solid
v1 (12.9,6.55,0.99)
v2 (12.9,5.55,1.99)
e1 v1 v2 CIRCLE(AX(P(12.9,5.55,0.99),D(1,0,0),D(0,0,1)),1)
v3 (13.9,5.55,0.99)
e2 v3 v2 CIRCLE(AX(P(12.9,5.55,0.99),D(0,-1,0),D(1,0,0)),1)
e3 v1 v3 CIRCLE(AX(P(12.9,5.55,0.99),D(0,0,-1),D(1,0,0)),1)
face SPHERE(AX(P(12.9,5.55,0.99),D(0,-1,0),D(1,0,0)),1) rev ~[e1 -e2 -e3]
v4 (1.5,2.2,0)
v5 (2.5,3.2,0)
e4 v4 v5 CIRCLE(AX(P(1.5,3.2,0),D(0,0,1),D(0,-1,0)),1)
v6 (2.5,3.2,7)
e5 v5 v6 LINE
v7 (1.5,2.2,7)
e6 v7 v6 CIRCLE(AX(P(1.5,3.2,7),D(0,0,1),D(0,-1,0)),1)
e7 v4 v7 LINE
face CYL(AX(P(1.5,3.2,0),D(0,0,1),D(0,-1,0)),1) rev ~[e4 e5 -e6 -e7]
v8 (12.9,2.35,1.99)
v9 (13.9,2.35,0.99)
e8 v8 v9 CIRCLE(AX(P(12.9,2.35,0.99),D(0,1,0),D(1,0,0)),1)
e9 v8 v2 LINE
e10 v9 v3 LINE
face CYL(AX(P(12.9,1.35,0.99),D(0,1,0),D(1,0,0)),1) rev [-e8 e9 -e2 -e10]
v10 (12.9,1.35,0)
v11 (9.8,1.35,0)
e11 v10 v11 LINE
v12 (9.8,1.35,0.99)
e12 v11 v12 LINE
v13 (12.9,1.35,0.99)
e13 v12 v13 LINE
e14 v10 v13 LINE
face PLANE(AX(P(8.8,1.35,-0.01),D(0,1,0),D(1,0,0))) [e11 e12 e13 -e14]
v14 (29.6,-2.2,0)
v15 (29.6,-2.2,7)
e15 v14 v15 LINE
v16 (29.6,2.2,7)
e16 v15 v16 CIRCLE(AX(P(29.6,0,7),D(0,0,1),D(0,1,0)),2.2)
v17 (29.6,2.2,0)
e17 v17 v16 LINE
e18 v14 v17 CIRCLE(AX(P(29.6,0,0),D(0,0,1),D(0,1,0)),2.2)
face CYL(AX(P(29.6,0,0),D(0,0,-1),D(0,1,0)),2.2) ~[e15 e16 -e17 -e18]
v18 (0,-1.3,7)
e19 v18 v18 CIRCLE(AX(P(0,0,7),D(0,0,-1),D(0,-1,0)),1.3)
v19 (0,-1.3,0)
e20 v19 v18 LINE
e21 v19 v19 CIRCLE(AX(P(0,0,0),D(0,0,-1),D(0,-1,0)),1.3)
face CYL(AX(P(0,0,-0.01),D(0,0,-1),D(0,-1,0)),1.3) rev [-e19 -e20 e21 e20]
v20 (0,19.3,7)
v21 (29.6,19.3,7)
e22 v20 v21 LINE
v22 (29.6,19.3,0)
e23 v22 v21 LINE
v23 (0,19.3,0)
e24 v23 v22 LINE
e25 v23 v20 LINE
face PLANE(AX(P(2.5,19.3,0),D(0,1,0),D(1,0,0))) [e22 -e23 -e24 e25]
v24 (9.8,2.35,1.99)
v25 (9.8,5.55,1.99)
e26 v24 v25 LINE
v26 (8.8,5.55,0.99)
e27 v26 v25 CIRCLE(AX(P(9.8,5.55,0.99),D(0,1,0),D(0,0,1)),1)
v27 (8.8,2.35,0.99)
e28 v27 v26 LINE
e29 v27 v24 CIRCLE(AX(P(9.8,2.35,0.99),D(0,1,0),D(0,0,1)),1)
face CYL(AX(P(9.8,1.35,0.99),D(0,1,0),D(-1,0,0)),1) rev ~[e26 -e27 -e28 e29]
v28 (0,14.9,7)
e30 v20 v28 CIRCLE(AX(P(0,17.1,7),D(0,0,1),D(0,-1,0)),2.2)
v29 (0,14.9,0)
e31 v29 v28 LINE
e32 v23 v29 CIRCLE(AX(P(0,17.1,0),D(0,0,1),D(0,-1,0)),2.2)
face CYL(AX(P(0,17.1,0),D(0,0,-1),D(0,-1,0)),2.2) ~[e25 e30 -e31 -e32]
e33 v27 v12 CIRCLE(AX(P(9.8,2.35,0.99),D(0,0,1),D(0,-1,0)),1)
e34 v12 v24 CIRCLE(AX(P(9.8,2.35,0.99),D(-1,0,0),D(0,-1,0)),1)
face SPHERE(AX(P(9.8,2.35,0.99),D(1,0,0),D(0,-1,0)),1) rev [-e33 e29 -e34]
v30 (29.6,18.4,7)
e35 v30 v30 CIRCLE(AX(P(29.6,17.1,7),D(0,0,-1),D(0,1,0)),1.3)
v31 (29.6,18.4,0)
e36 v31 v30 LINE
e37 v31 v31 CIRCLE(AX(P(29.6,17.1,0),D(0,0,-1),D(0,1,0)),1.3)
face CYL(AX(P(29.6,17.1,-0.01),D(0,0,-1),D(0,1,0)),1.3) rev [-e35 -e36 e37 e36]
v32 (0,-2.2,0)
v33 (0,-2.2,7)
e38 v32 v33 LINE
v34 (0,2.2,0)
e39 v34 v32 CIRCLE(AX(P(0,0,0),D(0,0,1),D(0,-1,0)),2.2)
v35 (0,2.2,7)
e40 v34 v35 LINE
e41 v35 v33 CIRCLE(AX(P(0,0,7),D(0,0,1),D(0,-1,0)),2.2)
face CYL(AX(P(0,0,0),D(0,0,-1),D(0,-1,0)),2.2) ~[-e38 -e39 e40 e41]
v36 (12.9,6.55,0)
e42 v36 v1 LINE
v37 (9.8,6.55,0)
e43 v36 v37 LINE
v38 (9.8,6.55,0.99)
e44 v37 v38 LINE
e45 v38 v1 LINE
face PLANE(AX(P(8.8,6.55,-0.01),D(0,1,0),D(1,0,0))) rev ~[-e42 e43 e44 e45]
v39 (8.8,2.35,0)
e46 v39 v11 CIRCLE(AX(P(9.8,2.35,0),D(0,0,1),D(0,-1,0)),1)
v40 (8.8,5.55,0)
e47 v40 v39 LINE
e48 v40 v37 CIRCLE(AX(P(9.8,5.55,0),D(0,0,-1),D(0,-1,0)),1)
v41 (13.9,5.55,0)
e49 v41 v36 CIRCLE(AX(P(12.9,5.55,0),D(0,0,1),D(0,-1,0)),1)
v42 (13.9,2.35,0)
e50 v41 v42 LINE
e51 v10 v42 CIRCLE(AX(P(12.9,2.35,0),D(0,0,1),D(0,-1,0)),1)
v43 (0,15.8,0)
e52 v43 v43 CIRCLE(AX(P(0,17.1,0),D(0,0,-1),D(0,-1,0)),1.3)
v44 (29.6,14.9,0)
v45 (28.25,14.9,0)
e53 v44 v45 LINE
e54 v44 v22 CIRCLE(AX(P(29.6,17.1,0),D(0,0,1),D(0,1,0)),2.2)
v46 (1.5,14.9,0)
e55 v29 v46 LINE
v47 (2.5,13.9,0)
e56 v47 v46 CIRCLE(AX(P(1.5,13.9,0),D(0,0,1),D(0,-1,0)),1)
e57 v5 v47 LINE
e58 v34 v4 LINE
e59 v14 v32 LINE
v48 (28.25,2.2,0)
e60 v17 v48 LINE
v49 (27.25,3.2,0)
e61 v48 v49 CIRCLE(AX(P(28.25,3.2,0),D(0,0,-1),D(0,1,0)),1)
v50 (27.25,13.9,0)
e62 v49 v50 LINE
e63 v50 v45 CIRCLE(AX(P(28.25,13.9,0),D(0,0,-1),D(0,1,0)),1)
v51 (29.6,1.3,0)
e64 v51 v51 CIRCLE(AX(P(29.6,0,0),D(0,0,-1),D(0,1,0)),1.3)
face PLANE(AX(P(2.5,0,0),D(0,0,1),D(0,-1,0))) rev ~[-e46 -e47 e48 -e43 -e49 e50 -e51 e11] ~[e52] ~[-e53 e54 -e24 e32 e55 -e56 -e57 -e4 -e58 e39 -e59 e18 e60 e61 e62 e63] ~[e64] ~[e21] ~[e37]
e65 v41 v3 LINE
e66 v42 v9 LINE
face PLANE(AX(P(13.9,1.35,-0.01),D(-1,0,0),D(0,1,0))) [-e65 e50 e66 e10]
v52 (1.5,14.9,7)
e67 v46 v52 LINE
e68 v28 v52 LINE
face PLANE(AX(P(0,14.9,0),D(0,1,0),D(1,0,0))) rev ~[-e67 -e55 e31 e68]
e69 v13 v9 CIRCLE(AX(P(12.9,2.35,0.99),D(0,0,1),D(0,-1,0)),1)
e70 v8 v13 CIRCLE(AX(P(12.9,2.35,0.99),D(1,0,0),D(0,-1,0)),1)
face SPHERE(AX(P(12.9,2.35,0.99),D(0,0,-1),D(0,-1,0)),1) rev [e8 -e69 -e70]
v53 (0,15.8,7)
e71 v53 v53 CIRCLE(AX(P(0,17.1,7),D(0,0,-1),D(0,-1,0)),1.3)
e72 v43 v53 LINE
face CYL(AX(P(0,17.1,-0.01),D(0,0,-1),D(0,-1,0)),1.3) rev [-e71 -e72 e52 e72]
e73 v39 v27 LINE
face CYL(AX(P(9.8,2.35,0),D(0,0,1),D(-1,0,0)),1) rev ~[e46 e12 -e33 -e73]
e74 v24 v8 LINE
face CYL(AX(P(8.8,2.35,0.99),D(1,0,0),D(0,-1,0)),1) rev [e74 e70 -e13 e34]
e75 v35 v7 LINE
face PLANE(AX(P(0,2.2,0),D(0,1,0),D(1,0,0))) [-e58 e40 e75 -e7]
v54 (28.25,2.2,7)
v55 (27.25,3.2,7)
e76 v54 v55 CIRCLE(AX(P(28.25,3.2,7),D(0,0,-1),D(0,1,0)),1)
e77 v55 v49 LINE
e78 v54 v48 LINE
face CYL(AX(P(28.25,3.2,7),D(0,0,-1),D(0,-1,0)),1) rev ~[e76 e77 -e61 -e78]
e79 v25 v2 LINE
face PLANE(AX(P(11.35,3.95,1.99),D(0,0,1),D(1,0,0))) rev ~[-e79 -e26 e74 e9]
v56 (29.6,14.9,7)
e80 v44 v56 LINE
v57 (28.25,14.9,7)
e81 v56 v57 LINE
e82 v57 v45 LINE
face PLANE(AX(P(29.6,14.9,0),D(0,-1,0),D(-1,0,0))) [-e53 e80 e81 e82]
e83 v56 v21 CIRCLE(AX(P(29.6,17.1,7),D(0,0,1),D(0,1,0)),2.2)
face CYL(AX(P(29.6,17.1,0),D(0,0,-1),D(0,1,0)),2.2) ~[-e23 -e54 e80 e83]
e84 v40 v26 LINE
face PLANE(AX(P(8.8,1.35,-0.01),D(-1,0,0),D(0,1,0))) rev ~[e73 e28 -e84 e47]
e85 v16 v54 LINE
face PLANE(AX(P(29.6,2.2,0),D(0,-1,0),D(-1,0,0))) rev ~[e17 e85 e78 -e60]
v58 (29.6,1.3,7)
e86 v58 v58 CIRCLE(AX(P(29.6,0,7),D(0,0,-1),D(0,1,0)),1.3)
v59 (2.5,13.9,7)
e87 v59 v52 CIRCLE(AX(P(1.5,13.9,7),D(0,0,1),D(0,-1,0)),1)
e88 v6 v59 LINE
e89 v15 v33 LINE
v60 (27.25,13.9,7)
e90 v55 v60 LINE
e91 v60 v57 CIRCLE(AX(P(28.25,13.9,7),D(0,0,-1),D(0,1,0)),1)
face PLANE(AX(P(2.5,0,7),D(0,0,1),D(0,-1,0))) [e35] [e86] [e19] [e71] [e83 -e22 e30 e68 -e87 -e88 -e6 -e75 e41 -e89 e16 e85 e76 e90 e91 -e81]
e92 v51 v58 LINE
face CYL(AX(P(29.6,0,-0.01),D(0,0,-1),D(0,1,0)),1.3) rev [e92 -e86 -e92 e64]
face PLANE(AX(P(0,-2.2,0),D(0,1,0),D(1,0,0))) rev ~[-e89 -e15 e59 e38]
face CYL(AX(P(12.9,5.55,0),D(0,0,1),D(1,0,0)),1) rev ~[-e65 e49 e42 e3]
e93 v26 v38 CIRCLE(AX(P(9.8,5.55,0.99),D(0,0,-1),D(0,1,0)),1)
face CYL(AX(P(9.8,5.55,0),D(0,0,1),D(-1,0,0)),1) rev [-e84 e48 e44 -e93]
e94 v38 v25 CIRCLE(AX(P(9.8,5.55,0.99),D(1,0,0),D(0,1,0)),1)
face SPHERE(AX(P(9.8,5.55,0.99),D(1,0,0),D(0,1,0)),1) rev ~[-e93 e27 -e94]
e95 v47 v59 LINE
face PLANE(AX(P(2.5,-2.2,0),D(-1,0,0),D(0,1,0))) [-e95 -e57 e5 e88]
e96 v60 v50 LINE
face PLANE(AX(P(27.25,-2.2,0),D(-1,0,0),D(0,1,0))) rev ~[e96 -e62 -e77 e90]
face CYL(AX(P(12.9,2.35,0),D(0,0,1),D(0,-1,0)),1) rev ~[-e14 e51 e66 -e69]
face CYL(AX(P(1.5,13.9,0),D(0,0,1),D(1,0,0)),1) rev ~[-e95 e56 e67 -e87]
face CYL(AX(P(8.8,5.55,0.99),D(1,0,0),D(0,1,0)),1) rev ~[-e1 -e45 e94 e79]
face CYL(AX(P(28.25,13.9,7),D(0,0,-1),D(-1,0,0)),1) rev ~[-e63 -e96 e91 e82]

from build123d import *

# Parameters (mm, degrees)
CUBE005_W                     = 5.1
CUBE005_H                     = 5.2
CUBE005_DEPTH                 = 2
CYLINDER003_R                 = 1.3
CYLINDER003_DEPTH             = 7.1
CUBE001_W                     = 4.4
CUBE001_H                     = 5
CUBE001_DEPTH                 = 7
CYLINDER002_R                 = 2.2
CYLINDER002_DEPTH             = 7
DIFFERENCE001_PLACEMENT_ANGLE = 90
CYLINDER005_R                 = 1.3
CYLINDER005_DEPTH             = 7.1
CUBE002_W                     = 4.4
CUBE002_H                     = 5
CUBE002_DEPTH                 = 7
CYLINDER004_R                 = 2.2
CYLINDER004_DEPTH             = 7
DIFFERENCE002_PLACEMENT_ANGLE = 90
CYLINDER007_R                 = 1.3
CYLINDER007_DEPTH             = 7.1
CUBE003_W                     = 4.4
CUBE003_H                     = 5
CUBE003_DEPTH                 = 7
CYLINDER006_R                 = 2.2
CYLINDER006_DEPTH             = 7
DIFFERENCE003_PLACEMENT_ANGLE = 90
CUBE004_W                     = 24.75
CUBE004_H                     = 21.5
CUBE004_DEPTH                 = 7
CYLINDER001_R                 = 1.3
CYLINDER001_DEPTH             = 7.1
CUBE_W                        = 4.4
CUBE_H                        = 5
CUBE_DEPTH                    = 7
CYLINDER_R                    = 2.2
CYLINDER_DEPTH                = 7
DIFFERENCE_PLACEMENT_ANGLE    = 90
FILLET_R                      = 1


with BuildPart() as cube005:
    # cube005 → cube005 (new body)
    with BuildSketch(Plane(origin=(8.8, 1.35, -0.01), x_dir=(1, 0, 0), z_dir=(0, 0, 1))):
        with Locations((2.55, 2.6)):
            Rectangle(CUBE005_W, CUBE005_H)
    extrude(amount=CUBE005_DEPTH)


with BuildPart() as cylinder003:
    # cylinder003 → cylinder003 (new body)
    with BuildSketch(Plane.XY.offset(-0.01)):
        Circle(CYLINDER003_R)
    extrude(amount=CYLINDER003_DEPTH)


with BuildPart() as cube001:
    # cube001 → cube001 (new body)
    with BuildSketch(Plane(origin=(-2.2, 0, 0), x_dir=(1, 0, 0), z_dir=(0, 0, 1))):
        with Locations((2.2, 2.5)):
            Rectangle(CUBE001_W, CUBE001_H)
    extrude(amount=CUBE001_DEPTH)


with BuildPart() as difference001:
    # cylinder002 → cylinder002 (new body)
    with BuildSketch(Plane.XY):
        Circle(CYLINDER002_R)
    extrude(amount=CYLINDER002_DEPTH)

    # union001: union cube001
    add(cube001.part)

    # difference001: cut cylinder003
    add(cylinder003.part, mode=Mode.SUBTRACT)


with BuildPart() as difference001_1:
    # difference001 placement: moved
    add(difference001.part.moved(Location((29.6, 0, 0))).rotate(Axis((29.6, 0, 0), (0, 0, 1)), DIFFERENCE001_PLACEMENT_ANGLE))


with BuildPart() as cylinder005:
    # cylinder005 → cylinder005 (new body)
    with BuildSketch(Plane.XY.offset(-0.01)):
        Circle(CYLINDER005_R)
    extrude(amount=CYLINDER005_DEPTH)


with BuildPart() as cube002:
    # cube002 → cube002 (new body)
    with BuildSketch(Plane(origin=(-2.2, 0, 0), x_dir=(1, 0, 0), z_dir=(0, 0, 1))):
        with Locations((2.2, 2.5)):
            Rectangle(CUBE002_W, CUBE002_H)
    extrude(amount=CUBE002_DEPTH)


with BuildPart() as difference002:
    # cylinder004 → cylinder004 (new body)
    with BuildSketch(Plane.XY):
        Circle(CYLINDER004_R)
    extrude(amount=CYLINDER004_DEPTH)

    # union002: union cube002
    add(cube002.part)

    # difference002: cut cylinder005
    add(cylinder005.part, mode=Mode.SUBTRACT)


with BuildPart() as difference002_1:
    # difference002 placement: moved
    add(difference002.part.moved(Location((29.6, 17.1, 0))).rotate(Axis((29.6, 17.1, 0), (0, 0, 1)), DIFFERENCE002_PLACEMENT_ANGLE))


with BuildPart() as cylinder007:
    # cylinder007 → cylinder007 (new body)
    with BuildSketch(Plane.XY.offset(-0.01)):
        Circle(CYLINDER007_R)
    extrude(amount=CYLINDER007_DEPTH)


with BuildPart() as cube003:
    # cube003 → cube003 (new body)
    with BuildSketch(Plane(origin=(-2.2, 0, 0), x_dir=(1, 0, 0), z_dir=(0, 0, 1))):
        with Locations((2.2, 2.5)):
            Rectangle(CUBE003_W, CUBE003_H)
    extrude(amount=CUBE003_DEPTH)


with BuildPart() as difference003:
    # cylinder006 → cylinder006 (new body)
    with BuildSketch(Plane.XY):
        Circle(CYLINDER006_R)
    extrude(amount=CYLINDER006_DEPTH)

    # union003: union cube003
    add(cube003.part)

    # difference003: cut cylinder007
    add(cylinder007.part, mode=Mode.SUBTRACT)


with BuildPart() as difference003_1:
    # difference003 placement: moved
    add(difference003.part.moved(Location((0, 17.1, 0))).rotate(Axis((0, 17.1, 0), (0, 0, -1)), DIFFERENCE003_PLACEMENT_ANGLE))


with BuildPart() as cube004:
    # cube004 → cube004 (new body)
    with BuildSketch(Plane(origin=(2.5, -2.2, 0), x_dir=(1, 0, 0), z_dir=(0, 0, 1))):
        with Locations((12.375, 10.75)):
            Rectangle(CUBE004_W, CUBE004_H)
    extrude(amount=CUBE004_DEPTH)


with BuildPart() as cylinder001:
    # cylinder001 → cylinder001 (new body)
    with BuildSketch(Plane.XY.offset(-0.01)):
        Circle(CYLINDER001_R)
    extrude(amount=CYLINDER001_DEPTH)


with BuildPart() as cube:
    # cube → cube (new body)
    with BuildSketch(Plane(origin=(-2.2, 0, 0), x_dir=(1, 0, 0), z_dir=(0, 0, 1))):
        with Locations((2.2, 2.5)):
            Rectangle(CUBE_W, CUBE_H)
    extrude(amount=CUBE_DEPTH)


with BuildPart() as fillet_body:
    # cylinder → cylinder (new body)
    with BuildSketch(Plane.XY):
        Circle(CYLINDER_R)
    extrude(amount=CYLINDER_DEPTH)

    # union: union cube
    add(cube.part)

    # difference: cut cylinder001
    add(cylinder001.part, mode=Mode.SUBTRACT)


with BuildPart() as fillet_body_1:
    # difference placement: moved
    add(fillet_body.part.rotate(Axis((0, 0, 0), (0, 0, -1)), DIFFERENCE_PLACEMENT_ANGLE))

    # union004: union difference001, difference002, difference003, cube004
    add(difference001_1.part)
    add(difference002_1.part)
    add(difference003_1.part)
    add(cube004.part)

    # difference004: cut cube005
    add(cube005.part, mode=Mode.SUBTRACT)

    # Fillet
    fillet_edges = [fillet_body_1.edges().sort_by_distance(p)[0] for p in [
        (2.5, 2.2, 3.5),
        (2.5, 14.9, 3.5),
        (27.25, 14.9, 3.5),
        (27.25, 2.2, 3.5),
        (13.9, 1.35, 0.995),
        (11.35, 1.35, 1.99),
        (8.8, 1.35, 0.995),
        (13.9, 3.95, 1.99),
        (13.9, 6.55, 0.995),
        (11.35, 6.55, 1.99),
        (8.8, 6.55, 0.995),
        (8.8, 3.95, 1.99),
    ]]
    fillet(fillet_edges, radius=FILLET_R)


solid = fillet_body_1.part
